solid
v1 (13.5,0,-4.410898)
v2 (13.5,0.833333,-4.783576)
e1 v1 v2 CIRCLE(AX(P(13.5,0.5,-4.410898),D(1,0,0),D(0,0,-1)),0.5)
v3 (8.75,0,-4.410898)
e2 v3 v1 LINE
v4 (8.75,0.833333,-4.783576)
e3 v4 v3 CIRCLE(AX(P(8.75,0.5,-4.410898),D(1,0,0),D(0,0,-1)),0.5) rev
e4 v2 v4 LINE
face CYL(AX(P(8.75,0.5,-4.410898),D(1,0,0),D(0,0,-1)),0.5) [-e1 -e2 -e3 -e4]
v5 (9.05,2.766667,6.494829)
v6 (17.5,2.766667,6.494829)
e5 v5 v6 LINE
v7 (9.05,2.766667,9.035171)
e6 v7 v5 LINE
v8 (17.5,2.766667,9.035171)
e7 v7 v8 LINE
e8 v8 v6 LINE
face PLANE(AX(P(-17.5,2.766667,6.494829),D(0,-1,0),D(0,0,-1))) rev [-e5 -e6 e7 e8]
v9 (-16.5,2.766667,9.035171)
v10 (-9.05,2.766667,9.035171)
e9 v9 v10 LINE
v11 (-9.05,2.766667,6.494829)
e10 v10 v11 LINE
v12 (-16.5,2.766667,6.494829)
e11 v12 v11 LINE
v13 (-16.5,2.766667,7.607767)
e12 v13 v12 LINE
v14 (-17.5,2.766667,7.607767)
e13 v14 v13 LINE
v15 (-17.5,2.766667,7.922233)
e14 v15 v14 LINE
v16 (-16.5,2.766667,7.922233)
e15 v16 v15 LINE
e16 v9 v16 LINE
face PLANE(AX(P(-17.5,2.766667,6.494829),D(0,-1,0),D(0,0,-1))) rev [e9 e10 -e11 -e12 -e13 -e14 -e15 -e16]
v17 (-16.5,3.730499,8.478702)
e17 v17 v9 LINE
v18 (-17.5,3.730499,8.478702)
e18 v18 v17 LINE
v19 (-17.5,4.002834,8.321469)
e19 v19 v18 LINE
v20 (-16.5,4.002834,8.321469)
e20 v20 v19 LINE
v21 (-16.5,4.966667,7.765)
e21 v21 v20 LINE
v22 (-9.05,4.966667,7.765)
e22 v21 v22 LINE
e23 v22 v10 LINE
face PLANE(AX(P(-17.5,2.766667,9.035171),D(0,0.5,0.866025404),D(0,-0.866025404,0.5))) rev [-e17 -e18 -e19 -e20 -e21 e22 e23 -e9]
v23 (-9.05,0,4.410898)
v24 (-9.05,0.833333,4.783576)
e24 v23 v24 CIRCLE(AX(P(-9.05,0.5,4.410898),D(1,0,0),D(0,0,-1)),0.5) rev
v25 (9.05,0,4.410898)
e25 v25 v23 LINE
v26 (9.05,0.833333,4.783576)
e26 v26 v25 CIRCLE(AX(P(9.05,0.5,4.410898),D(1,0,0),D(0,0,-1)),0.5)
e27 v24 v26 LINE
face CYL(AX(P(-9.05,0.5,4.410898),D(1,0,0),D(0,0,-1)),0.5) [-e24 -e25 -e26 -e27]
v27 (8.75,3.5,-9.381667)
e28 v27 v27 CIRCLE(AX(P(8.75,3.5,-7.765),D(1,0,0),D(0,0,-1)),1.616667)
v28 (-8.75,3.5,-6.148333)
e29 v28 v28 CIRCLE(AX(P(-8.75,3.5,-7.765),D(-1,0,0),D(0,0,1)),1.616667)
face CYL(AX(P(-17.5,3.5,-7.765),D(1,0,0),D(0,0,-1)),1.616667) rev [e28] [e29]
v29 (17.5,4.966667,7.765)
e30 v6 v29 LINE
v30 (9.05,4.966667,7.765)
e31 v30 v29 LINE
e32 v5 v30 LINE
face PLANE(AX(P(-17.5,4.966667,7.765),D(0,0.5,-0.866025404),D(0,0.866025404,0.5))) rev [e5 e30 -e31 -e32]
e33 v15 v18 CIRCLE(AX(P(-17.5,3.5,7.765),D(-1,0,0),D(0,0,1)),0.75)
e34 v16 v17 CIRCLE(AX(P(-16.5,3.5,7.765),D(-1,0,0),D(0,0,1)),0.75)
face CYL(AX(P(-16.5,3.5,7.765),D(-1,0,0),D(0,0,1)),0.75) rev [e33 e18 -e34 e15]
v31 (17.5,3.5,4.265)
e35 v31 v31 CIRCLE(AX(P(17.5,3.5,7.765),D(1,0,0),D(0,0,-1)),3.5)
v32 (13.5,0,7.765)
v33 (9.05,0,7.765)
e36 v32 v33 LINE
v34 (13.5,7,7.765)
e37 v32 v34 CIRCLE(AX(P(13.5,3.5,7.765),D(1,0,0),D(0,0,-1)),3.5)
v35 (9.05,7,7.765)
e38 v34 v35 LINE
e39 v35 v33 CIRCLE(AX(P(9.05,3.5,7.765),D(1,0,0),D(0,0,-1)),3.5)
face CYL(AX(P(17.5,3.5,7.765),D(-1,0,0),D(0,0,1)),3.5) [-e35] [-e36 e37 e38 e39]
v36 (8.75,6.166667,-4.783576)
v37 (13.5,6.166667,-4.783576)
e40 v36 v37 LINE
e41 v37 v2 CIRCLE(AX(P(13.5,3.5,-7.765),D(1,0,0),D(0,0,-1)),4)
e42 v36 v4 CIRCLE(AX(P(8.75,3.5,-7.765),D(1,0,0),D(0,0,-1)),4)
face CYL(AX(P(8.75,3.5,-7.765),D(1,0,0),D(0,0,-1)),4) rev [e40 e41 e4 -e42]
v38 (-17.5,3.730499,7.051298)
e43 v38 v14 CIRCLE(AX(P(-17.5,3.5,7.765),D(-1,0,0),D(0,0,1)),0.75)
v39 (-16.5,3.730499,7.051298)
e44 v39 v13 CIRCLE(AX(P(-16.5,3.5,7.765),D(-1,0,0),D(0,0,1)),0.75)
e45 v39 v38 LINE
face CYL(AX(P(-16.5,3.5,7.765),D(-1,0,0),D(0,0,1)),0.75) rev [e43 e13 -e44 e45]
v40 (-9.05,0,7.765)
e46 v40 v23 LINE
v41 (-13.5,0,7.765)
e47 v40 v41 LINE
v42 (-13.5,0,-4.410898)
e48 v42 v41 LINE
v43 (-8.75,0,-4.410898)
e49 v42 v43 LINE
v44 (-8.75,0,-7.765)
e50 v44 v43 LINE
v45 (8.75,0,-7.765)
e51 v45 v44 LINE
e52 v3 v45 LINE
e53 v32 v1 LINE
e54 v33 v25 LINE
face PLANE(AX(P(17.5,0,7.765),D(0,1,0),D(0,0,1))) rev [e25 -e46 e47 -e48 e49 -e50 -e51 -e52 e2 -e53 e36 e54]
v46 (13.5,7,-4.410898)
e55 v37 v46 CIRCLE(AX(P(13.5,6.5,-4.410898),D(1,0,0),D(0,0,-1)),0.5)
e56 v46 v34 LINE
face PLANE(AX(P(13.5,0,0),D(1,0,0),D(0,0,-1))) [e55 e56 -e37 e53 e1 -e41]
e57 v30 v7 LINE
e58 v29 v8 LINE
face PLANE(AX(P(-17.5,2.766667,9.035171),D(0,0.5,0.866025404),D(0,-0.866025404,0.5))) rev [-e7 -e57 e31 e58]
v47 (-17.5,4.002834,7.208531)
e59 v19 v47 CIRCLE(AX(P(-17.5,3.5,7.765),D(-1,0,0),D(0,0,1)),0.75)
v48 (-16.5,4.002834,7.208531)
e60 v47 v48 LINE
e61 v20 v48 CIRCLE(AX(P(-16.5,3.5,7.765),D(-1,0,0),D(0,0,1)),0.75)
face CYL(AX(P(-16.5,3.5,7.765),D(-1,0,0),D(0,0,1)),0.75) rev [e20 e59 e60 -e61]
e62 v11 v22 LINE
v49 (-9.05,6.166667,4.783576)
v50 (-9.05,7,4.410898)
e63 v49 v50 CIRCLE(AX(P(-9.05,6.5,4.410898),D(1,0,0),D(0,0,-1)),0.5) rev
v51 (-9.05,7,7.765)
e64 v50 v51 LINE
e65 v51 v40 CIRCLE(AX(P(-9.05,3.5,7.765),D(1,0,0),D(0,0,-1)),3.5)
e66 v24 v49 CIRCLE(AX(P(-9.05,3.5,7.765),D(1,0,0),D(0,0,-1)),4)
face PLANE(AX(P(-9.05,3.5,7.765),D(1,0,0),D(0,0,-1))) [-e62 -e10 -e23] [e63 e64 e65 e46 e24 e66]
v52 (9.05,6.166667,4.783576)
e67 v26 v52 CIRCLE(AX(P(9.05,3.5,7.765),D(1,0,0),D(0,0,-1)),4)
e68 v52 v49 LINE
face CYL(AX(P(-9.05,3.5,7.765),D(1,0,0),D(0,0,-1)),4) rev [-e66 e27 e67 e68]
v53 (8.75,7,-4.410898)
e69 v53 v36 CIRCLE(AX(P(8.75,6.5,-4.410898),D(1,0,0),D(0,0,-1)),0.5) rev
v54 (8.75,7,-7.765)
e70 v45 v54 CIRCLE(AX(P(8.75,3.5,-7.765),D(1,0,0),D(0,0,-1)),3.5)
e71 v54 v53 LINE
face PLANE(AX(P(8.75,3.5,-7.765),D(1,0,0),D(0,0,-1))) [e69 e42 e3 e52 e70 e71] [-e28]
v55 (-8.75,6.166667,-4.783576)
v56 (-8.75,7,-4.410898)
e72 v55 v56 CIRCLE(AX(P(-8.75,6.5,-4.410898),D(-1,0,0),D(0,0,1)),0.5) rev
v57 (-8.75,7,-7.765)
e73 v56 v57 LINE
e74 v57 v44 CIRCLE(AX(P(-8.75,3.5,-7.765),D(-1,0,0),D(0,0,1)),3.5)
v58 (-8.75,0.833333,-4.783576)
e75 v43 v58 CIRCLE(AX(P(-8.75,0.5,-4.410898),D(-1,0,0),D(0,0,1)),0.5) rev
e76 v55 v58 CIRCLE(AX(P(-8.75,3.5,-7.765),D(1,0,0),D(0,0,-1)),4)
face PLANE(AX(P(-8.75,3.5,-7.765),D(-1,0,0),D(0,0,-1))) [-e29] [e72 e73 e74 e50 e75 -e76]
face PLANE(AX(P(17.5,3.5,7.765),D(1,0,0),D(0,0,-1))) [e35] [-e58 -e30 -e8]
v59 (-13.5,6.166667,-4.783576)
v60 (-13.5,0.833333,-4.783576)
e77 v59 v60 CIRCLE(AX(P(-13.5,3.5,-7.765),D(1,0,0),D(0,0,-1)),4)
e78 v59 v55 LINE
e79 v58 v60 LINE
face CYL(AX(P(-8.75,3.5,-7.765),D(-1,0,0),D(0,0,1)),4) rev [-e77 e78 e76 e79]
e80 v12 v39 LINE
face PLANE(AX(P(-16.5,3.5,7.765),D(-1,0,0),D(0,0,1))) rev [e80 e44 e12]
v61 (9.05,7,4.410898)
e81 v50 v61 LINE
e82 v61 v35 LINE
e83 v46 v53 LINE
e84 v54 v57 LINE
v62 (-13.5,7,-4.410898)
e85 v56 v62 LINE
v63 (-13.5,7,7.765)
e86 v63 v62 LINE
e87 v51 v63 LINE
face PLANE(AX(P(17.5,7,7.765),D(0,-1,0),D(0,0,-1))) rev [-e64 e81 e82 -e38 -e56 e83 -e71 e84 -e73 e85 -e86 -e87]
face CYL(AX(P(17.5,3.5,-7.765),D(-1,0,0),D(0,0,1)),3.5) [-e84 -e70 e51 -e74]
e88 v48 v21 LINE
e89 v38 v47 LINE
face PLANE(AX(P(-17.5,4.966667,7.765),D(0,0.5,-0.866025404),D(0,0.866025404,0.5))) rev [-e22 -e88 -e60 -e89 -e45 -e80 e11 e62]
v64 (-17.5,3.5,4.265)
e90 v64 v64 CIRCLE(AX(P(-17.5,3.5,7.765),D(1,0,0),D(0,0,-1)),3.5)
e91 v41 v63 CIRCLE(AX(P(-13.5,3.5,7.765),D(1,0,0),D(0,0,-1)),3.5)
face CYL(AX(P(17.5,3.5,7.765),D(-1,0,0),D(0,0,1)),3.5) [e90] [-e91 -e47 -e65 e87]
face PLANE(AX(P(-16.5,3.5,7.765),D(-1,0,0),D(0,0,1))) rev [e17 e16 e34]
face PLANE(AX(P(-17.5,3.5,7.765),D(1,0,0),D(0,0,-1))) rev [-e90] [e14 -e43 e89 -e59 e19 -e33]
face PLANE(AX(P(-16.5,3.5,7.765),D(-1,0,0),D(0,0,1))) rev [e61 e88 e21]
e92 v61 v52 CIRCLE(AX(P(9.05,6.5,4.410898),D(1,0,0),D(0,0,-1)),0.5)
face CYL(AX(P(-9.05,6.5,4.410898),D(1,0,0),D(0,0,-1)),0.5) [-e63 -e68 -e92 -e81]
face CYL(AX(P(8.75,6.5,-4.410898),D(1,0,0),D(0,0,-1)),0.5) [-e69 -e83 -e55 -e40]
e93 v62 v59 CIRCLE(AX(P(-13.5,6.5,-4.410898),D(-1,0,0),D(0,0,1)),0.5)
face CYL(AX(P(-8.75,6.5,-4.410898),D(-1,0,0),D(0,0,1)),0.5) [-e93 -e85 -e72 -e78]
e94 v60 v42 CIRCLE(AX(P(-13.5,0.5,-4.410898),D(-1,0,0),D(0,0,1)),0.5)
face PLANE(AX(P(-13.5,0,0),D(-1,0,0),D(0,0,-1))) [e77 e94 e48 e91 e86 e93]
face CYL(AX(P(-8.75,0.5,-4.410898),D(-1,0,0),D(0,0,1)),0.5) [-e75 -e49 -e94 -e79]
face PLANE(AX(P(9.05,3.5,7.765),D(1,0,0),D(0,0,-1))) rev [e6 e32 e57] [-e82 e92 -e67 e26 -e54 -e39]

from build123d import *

# Parameters (mm, degrees)
EXTRUDE_1_DEPTH     = 17.5
SKETCH_3_W          = 24
SKETCH_3_H          = 9
SKETCH_3_R          = 3.5
CUT_EXTRUDE_1_DEPTH = 4
SKETCH_6_R          = 4
CUT_EXTRUDE_2_DEPTH = 9.05
SKETCH_7_R          = 4
CUT_EXTRUDE_3_DEPTH = 4.75
SKETCH_8_R          = 1.616666667
CUT_EXTRUDE_4_DEPTH = 38.428601697
FILLET_1_R          = 0.5
EXTRUDE_START       = -1
SKETCH_9_R          = 3.5
SKETCH_9_R_2        = 0.75
EXTRUDE_2_DEPTH     = 1


with BuildPart() as part:
    # Эскиз1 → Бобышка-Вытянуть1 (new, symmetric)
    with BuildSketch(Plane(origin=(0, 0, 0), x_dir=(0, 0, -1), z_dir=(1, 0, 0))):
        with BuildLine():
            Line((-7.765, 7), (7.765, 7))
            ThreePointArc((7.765, 7), (11.265, 3.5), (7.765, 0))
            Line((7.765, 0), (-7.765, 0))
            ThreePointArc((-7.765, 0), (-11.265, 3.5), (-7.765, 7))
        make_face()
    extrude(amount=EXTRUDE_1_DEPTH, both=True)

    # Эскиз3 → Вырез-Вытянуть1 (cut)
    with BuildSketch(Plane(origin=(17.5, 0, 0), x_dir=(0, 0, -1), z_dir=(1, 0, 0))):
        with Locations((0, 3.5)):
            Rectangle(SKETCH_3_W, SKETCH_3_H)
        with Locations(Location((-7.765, 3.5, 0), (0, 0, 90))):
            Circle(SKETCH_3_R, mode=Mode.SUBTRACT)
    cut_extrude_1 = extrude(amount=-CUT_EXTRUDE_1_DEPTH, mode=Mode.SUBTRACT)

    # Зеркальное отражение1: Вырез-Вытянуть1 across plane
    add(cut_extrude_1.mirror(Plane(origin=(0, 0, 0), x_dir=(0, 0, 1), z_dir=(1, 0, 0))), mode=Mode.SUBTRACT)

    # Эскиз6 → Вырез-Вытянуть2 (cut, symmetric)
    with BuildSketch(Plane(origin=(0, 0, 0), x_dir=(0, 0, -1), z_dir=(1, 0, 0))):
        with Locations((-7.765, 3.5)):
            Circle(SKETCH_6_R)
    extrude(amount=CUT_EXTRUDE_2_DEPTH, both=True, mode=Mode.SUBTRACT)

    # Эскиз7 → Вырез-Вытянуть3 (cut)
    with BuildSketch(Plane(origin=(13.5, 0, 0), x_dir=(0, 0, -1), z_dir=(1, 0, 0))):
        with Locations((7.765, 3.5)):
            Circle(SKETCH_7_R)
    cut_extrude_3 = extrude(amount=-CUT_EXTRUDE_3_DEPTH, mode=Mode.SUBTRACT)

    # Зеркальное отражение2: Вырез-Вытянуть3 across plane
    add(cut_extrude_3.mirror(Plane(origin=(0, 0, 0), x_dir=(0, 0, 1), z_dir=(1, 0, 0))), mode=Mode.SUBTRACT)

    # Эскиз8 → Вырез-Вытянуть4 (cut, through all)
    with BuildSketch(Plane(origin=(17.5, 0, 0), x_dir=(0, 0, -1), z_dir=(1, 0, 0))):
        with Locations((7.765, 3.5)):
            Circle(SKETCH_8_R)
        Polygon((-9.035170592, 2.766666667), (-7.765, 4.966666667), (-6.494829408, 2.766666667), align=None)
    extrude(amount=-CUT_EXTRUDE_4_DEPTH, mode=Mode.SUBTRACT)

    # Скругление1
    fillet_1_edges = [part.edges().sort_by_distance(p)[0] for p in [
        (0, 7, 5.828508327),
        (0, 0, 5.828508327),
        (11.125, 0, -5.828508327),
        (11.125, 7, -5.828508327),
        (-11.125, 0, -5.828508327),
        (-11.125, 7, -5.828508327),
    ]]
    fillet(fillet_1_edges, radius=FILLET_1_R)

    # Эскиз9 → Бобышка-Вытянуть2 (add)
    with BuildSketch(Plane.ZY.offset(17.5).offset(EXTRUDE_START)):
        with Locations(Location((7.765, 3.5, 0), (0, 0, 90))):
            Circle(SKETCH_9_R)
        with Locations((7.765, 3.5)):
            Circle(SKETCH_9_R_2, mode=Mode.SUBTRACT)
    extrude(amount=EXTRUDE_2_DEPTH)


solid = part.part
